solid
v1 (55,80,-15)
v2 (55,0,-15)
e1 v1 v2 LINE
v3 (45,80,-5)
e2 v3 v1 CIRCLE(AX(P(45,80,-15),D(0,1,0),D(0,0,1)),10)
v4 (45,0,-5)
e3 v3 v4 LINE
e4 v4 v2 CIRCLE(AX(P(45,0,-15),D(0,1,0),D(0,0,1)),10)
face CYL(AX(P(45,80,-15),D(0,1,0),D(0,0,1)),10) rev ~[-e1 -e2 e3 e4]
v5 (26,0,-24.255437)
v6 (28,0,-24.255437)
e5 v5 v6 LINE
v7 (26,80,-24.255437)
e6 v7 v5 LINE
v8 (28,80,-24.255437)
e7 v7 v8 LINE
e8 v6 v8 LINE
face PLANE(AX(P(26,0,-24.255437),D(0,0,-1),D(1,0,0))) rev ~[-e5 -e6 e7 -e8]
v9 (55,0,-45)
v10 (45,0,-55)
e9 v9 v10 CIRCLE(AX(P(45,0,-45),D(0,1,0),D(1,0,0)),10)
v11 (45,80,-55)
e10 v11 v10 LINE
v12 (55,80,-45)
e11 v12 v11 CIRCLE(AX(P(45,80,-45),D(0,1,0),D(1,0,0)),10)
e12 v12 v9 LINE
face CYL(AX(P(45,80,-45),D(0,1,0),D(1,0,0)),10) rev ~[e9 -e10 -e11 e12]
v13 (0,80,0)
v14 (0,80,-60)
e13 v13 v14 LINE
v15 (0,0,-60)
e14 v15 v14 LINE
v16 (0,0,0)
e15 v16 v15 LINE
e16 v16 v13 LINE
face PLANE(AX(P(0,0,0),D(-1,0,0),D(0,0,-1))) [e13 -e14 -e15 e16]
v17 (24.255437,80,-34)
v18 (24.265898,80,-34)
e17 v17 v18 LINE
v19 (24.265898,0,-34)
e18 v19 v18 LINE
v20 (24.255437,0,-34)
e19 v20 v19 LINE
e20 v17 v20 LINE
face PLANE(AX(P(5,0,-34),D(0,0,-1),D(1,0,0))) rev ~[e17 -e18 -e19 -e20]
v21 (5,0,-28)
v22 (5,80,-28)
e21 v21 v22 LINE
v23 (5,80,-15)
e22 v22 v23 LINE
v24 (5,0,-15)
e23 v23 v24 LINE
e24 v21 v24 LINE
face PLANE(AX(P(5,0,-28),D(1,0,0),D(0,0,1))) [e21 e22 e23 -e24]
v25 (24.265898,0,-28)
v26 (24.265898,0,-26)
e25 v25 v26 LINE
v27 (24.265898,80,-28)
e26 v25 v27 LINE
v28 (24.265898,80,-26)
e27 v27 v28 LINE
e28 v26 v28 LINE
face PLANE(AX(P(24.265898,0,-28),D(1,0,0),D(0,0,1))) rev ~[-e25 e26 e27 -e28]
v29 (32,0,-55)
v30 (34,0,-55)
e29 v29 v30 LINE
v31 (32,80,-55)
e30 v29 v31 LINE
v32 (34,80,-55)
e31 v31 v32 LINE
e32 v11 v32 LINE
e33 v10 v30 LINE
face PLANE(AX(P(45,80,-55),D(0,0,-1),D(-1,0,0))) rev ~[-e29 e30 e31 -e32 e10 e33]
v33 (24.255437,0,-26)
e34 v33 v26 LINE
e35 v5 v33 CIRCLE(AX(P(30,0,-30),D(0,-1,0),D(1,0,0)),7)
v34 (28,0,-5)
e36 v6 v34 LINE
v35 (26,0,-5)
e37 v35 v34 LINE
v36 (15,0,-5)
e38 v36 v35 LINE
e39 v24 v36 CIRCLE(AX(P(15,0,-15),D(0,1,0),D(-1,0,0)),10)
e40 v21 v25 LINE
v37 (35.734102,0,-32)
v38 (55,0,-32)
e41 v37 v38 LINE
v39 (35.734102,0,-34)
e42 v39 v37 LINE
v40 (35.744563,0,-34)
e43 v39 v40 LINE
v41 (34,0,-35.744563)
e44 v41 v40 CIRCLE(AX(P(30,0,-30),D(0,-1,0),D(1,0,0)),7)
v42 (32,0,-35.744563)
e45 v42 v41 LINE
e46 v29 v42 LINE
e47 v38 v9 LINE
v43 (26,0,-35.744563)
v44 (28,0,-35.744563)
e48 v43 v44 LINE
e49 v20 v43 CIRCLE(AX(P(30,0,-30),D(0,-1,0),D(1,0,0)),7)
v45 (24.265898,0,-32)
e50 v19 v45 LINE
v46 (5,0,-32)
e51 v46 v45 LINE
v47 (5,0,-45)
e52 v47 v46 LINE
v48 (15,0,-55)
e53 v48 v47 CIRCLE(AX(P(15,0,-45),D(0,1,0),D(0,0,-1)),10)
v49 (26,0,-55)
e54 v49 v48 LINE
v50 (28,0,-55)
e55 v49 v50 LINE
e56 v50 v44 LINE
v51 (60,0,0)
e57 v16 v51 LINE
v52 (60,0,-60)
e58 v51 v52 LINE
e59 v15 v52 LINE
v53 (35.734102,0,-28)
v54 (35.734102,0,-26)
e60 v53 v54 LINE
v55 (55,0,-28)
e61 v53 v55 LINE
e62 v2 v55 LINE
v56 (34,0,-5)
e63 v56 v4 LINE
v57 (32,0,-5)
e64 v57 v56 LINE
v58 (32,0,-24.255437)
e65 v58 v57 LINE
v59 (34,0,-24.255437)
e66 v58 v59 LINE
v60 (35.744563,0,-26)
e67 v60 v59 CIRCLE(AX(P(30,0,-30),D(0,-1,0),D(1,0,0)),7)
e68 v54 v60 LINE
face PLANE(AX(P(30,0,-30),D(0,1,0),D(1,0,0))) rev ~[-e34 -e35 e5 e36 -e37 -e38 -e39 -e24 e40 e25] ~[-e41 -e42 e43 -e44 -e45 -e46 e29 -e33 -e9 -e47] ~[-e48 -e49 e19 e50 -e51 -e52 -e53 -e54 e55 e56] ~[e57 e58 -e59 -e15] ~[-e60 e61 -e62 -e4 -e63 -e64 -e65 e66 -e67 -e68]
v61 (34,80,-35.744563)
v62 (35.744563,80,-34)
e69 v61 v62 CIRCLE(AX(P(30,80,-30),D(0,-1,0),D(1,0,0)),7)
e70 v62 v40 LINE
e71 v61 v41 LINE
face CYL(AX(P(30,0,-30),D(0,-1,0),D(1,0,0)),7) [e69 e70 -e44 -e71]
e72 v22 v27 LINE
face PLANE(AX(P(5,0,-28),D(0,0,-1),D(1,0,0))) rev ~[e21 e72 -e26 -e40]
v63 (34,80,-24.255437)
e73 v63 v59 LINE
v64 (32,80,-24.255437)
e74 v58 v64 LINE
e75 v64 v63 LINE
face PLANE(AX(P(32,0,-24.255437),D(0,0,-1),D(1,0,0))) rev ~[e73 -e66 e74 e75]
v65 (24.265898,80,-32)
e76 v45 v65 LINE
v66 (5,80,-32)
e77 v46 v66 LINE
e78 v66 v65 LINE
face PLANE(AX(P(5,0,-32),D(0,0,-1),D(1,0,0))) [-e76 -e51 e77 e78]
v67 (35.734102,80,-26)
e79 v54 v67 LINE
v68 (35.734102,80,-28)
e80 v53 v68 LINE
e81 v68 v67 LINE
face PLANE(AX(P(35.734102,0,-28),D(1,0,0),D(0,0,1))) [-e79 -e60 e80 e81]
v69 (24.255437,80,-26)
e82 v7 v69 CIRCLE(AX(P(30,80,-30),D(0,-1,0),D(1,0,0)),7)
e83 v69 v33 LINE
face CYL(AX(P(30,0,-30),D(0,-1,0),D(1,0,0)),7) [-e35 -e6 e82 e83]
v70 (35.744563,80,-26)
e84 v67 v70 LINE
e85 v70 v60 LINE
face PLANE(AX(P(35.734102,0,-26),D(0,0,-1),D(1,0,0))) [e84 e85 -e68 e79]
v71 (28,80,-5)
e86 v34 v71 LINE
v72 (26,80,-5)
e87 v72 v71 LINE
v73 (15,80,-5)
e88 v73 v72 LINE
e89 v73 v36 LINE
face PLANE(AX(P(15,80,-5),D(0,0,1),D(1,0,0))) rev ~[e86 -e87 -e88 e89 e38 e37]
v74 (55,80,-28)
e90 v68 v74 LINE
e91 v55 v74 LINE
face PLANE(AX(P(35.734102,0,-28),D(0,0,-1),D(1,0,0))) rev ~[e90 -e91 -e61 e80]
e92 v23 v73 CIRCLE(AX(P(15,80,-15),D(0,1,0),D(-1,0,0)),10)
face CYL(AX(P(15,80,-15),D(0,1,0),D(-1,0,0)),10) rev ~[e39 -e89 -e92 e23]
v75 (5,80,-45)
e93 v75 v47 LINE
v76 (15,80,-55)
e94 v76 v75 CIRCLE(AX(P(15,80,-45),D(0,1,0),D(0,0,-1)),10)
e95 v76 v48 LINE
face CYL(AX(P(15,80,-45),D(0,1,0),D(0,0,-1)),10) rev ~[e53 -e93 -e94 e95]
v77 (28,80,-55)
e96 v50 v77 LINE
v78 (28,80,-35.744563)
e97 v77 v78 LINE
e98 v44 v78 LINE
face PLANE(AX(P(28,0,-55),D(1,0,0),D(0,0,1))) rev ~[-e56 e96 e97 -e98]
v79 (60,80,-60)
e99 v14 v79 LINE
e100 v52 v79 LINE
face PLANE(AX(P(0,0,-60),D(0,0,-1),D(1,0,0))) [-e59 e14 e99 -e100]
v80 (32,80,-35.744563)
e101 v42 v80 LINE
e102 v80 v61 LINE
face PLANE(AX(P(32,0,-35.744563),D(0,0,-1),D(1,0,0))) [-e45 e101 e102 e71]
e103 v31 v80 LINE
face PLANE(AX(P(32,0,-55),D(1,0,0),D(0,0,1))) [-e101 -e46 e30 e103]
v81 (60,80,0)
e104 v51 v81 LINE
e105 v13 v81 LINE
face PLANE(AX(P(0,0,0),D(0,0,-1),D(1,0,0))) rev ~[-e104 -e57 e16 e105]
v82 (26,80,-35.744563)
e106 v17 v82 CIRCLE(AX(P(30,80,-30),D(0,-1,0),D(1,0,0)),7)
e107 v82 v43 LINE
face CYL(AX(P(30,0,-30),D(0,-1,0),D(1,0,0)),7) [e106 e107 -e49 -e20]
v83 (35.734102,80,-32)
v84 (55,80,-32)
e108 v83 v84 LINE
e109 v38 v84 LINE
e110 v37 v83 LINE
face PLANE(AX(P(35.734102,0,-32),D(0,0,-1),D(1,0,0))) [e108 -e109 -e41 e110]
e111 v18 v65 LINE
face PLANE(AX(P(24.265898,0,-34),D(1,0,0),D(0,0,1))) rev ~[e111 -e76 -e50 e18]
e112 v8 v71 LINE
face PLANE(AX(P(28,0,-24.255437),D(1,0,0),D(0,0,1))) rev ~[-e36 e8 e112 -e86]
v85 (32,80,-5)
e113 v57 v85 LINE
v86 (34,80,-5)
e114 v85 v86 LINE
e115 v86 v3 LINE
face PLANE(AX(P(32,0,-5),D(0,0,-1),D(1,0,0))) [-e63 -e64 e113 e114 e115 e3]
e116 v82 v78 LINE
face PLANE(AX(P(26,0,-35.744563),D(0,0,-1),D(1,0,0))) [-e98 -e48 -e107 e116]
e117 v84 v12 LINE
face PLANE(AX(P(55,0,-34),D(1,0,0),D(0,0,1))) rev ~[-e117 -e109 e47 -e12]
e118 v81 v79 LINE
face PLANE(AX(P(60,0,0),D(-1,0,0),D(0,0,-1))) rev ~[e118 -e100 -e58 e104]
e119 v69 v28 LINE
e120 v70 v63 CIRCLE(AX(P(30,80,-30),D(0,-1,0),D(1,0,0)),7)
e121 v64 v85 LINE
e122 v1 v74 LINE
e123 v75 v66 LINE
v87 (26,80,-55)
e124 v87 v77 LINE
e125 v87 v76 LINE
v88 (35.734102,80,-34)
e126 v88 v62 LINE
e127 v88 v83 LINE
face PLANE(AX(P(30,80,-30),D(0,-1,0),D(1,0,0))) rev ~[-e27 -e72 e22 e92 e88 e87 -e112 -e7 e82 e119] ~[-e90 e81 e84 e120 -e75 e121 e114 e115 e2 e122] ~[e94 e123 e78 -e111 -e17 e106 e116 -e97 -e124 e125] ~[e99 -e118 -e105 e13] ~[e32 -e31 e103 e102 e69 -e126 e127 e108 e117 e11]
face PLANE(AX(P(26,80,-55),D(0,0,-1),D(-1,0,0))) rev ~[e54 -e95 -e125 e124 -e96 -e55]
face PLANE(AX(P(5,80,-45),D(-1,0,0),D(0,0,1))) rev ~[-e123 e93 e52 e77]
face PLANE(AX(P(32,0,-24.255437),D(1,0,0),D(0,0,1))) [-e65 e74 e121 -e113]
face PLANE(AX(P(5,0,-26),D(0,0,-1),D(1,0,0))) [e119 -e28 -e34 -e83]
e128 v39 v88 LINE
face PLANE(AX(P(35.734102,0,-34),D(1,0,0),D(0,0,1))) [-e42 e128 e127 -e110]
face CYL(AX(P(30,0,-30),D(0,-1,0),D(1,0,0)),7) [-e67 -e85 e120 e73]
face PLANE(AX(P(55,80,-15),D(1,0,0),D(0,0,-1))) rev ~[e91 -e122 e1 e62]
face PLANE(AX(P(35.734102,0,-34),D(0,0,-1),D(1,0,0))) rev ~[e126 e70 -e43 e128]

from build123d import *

# Parameters (mm, degrees)
SKETCH2_W           = 60
SKETCH2_H           = 60
BOSS_EXTRUDE2_DEPTH = 80
CUT_EXTRUDE1_DEPTH  = 80
SKETCH4_R           = 7
BOSS_EXTRUDE3_DEPTH = 80
SKETCH5_W           = 2
SKETCH5_H           = 19.255437353
SKETCH5_W_2         = 19.265898102
SKETCH5_H_2         = 2
CUT_EXTRUDE2_DEPTH  = 80


with BuildPart() as part:
    # Sketch2 → Boss-Extrude2 (new body)
    with BuildSketch(Plane(origin=(0, 0, 0), x_dir=(1, 0, 0), z_dir=(0, 1, 0))):
        with Locations((30, 30)):
            Rectangle(SKETCH2_W, SKETCH2_H)
    extrude(amount=BOSS_EXTRUDE2_DEPTH)

    # Sketch3 → Cut-Extrude1 (cut)
    with BuildSketch(Plane(origin=(0, 80, 0), x_dir=(1, 0, 0), z_dir=(0, 1, 0))):
        with BuildLine():
            Line((26, 55), (15, 55))
            ThreePointArc((15, 55), (7.928932188, 52.071067812), (5, 45))
            Line((5, 45), (5, 34))
            Line((5, 34), (26, 34))
            Line((26, 34), (26, 55))
        make_face()
        with BuildLine():
            Line((45, 55), (34, 55))
            Line((34, 55), (34, 34))
            Line((34, 34), (55, 34))
            Line((55, 34), (55, 45))
            ThreePointArc((55, 45), (52.071067812, 52.071067812), (45, 55))
        make_face()
        with BuildLine():
            Line((26, 26), (5, 26))
            Line((5, 26), (5, 15))
            ThreePointArc((5, 15), (7.928932188, 7.928932188), (15, 5))
            Line((15, 5), (26, 5))
            Line((26, 5), (26, 26))
        make_face()
        with BuildLine():
            Line((55, 15), (55, 26))
            Line((55, 26), (34, 26))
            Line((34, 26), (34, 5))
            Line((34, 5), (45, 5))
            ThreePointArc((45, 5), (52.071067812, 7.928932188), (55, 15))
        make_face()
    extrude(amount=-CUT_EXTRUDE1_DEPTH, mode=Mode.SUBTRACT)

    # Sketch4 → Boss-Extrude3 (add)
    with BuildSketch(Plane.XZ):
        with Locations((30, -30)):
            Circle(SKETCH4_R)
    extrude(amount=-BOSS_EXTRUDE3_DEPTH)

    # Sketch5 → Cut-Extrude2 (cut)
    with BuildSketch(Plane.XZ):
        with Locations((27, -14.627718677)):
            Rectangle(SKETCH5_W, SKETCH5_H)
        with Locations((33, -14.627718677)):
            Rectangle(SKETCH5_W, SKETCH5_H)
        with Locations((45.367050949, -27)):
            Rectangle(SKETCH5_W_2, SKETCH5_H_2)
        with Locations((45.367050949, -33)):
            Rectangle(SKETCH5_W_2, SKETCH5_H_2)
        with Locations((33, -45.372281324)):
            Rectangle(SKETCH5_W, SKETCH5_H)
        with Locations((27, -45.372281324)):
            Rectangle(SKETCH5_W, SKETCH5_H)
        with Locations((14.632949051, -33)):
            Rectangle(SKETCH5_W_2, SKETCH5_H_2)
        with Locations((14.632949051, -27)):
            Rectangle(SKETCH5_W_2, SKETCH5_H_2)
    extrude(amount=-CUT_EXTRUDE2_DEPTH, mode=Mode.SUBTRACT)


solid = part.part
